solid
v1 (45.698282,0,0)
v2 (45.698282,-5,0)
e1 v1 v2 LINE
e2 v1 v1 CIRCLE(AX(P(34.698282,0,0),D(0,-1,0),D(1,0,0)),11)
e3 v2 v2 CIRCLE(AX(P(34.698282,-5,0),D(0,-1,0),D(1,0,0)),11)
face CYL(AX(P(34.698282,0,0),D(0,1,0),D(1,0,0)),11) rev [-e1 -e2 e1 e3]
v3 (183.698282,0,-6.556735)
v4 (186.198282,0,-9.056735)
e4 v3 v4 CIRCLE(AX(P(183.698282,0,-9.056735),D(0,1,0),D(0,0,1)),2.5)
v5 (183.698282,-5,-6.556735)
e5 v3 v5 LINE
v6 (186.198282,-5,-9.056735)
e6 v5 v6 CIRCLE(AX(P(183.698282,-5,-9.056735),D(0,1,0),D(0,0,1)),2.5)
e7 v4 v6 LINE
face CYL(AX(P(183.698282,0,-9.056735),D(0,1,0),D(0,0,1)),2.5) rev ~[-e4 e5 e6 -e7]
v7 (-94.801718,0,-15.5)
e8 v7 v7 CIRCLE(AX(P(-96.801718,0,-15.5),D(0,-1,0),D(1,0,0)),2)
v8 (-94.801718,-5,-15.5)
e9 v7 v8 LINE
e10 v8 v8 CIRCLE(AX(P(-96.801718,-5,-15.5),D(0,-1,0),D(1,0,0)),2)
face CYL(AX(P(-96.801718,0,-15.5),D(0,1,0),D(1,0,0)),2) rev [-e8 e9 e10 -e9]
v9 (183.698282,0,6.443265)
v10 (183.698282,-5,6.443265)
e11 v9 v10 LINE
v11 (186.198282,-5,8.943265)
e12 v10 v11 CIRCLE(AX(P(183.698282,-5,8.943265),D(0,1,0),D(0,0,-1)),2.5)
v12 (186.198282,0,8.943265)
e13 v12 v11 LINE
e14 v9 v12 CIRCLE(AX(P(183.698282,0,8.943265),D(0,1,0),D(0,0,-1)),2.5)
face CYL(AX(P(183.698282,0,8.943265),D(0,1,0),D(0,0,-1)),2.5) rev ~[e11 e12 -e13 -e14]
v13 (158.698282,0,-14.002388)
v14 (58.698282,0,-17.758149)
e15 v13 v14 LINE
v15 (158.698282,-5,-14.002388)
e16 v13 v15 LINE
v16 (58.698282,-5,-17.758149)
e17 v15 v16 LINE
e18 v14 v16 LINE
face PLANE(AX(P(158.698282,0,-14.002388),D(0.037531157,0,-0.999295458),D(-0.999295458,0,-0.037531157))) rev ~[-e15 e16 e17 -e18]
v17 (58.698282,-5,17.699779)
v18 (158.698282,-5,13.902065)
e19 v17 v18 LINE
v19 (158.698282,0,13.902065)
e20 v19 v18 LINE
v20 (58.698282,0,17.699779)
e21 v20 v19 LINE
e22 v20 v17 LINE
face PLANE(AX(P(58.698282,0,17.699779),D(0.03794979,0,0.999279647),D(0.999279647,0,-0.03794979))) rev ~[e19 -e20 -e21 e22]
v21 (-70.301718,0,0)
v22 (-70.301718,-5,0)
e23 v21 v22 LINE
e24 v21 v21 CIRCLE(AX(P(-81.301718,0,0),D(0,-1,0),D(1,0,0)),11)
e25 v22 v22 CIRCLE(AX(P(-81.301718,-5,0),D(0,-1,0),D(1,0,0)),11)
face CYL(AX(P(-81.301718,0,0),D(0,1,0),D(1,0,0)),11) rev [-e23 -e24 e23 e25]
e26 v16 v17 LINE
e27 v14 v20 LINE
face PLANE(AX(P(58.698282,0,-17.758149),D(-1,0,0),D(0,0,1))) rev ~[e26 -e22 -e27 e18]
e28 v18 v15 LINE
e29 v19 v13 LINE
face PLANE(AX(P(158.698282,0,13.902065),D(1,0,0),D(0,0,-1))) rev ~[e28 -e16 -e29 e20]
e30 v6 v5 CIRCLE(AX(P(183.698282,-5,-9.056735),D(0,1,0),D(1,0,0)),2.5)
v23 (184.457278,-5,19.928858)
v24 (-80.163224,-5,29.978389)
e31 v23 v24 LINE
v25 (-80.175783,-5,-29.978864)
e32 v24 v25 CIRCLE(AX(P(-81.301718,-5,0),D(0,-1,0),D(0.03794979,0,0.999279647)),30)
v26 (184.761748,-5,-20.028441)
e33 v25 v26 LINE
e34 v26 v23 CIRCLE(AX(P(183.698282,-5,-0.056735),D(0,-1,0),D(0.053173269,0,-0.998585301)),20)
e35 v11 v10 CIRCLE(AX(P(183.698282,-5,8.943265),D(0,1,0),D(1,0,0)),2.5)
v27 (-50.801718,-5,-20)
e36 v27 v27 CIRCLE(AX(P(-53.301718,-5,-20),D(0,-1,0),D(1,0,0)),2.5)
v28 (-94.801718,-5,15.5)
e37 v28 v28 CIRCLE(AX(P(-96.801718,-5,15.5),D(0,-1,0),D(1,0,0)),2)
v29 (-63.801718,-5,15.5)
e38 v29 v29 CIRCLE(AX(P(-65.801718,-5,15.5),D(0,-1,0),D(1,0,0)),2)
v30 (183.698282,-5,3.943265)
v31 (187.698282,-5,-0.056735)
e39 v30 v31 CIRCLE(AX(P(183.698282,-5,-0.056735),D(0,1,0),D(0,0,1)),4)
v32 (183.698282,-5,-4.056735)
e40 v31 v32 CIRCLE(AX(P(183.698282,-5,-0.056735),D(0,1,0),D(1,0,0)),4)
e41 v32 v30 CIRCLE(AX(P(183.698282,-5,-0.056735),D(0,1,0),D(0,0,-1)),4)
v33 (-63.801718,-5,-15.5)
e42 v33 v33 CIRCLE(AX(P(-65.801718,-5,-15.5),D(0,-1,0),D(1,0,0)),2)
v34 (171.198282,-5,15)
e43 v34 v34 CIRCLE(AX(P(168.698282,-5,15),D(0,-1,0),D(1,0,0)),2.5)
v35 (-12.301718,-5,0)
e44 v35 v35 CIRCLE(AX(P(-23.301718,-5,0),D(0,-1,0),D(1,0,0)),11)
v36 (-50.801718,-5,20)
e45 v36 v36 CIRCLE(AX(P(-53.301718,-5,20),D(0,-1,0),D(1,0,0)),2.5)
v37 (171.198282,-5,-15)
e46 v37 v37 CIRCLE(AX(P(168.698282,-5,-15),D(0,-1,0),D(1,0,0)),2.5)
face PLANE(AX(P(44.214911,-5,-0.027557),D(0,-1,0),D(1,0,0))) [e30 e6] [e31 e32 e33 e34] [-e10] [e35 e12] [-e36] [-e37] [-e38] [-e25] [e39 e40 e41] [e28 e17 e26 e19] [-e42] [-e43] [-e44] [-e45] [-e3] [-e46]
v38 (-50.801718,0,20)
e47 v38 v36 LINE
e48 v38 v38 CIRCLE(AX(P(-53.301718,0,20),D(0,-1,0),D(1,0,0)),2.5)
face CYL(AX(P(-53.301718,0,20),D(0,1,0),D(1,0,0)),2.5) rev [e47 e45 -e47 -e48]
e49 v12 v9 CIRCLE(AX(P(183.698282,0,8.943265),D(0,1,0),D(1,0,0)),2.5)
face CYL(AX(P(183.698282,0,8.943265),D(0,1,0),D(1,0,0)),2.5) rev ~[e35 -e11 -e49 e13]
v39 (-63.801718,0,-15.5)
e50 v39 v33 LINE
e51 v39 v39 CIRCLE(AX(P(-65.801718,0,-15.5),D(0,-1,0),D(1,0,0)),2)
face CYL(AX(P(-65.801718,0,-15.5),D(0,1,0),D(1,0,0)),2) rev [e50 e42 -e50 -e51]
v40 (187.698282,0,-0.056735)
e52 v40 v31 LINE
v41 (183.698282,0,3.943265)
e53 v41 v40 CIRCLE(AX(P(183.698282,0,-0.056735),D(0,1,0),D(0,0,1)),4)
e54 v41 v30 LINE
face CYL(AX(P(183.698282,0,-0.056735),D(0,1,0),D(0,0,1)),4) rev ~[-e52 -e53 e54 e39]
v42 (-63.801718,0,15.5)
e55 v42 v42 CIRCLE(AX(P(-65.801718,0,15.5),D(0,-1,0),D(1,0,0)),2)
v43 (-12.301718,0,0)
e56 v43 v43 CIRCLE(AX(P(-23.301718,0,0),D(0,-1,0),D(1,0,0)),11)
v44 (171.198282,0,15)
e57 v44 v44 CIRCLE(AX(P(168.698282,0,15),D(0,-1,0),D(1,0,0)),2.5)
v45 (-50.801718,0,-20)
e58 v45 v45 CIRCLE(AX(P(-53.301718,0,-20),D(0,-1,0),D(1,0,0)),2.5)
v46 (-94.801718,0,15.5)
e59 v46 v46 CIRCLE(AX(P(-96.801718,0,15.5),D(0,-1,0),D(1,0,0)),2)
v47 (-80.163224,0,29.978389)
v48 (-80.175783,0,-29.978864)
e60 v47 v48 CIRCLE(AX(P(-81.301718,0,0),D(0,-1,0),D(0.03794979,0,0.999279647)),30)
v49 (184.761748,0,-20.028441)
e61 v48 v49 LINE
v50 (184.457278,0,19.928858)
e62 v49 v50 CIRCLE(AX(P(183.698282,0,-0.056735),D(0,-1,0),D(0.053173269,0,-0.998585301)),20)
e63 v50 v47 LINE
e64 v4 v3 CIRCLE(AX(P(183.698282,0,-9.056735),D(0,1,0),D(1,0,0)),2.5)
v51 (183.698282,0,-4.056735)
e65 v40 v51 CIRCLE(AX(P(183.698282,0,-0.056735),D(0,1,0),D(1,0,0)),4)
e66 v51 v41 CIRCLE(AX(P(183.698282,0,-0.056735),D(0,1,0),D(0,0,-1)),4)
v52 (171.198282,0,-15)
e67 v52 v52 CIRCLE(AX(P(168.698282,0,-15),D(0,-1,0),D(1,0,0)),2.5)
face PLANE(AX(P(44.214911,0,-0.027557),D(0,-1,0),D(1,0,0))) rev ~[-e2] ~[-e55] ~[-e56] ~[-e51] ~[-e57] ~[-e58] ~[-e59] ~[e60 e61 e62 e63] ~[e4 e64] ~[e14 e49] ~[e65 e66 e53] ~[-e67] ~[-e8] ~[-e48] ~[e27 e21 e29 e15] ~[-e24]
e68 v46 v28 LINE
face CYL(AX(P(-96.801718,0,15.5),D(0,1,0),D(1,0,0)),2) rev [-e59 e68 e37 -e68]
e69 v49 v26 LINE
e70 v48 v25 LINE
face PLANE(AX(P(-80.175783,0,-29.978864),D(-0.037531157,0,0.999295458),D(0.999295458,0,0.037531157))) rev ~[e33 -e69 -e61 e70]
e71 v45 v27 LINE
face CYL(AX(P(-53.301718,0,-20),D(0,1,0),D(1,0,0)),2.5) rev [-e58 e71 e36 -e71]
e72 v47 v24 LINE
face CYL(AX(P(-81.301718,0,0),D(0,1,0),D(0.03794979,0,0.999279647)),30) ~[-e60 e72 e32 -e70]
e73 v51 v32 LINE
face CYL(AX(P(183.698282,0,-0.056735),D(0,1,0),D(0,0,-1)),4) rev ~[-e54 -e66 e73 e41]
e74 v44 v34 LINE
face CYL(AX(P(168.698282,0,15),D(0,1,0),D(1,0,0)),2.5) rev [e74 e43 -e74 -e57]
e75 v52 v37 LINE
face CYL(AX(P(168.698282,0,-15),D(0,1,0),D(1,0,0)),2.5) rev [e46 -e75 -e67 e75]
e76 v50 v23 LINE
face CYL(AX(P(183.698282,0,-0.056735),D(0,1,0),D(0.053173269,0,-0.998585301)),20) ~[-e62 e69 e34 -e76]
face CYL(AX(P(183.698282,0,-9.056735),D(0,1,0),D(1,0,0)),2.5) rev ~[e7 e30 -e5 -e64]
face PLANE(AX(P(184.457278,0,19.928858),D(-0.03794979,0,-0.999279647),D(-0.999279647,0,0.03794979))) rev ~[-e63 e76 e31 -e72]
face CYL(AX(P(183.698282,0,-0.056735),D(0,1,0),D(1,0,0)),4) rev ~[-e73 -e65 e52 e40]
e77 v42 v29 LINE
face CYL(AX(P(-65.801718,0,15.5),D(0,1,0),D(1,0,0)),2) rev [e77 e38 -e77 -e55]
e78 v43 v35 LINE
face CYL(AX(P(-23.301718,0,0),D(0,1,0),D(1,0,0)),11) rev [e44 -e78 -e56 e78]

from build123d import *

# Parameters (mm, degrees)
F0_R     = 2
F0_R_2   = 2.5
F0_R_3   = 11
F1_DEPTH = 5


with BuildPart() as f1:
    # F0 (on Front) → F1 (new body)
    with BuildSketch(Plane.XZ):
        with BuildLine():
            Line((184.4572780697, 19.9288576661), (-80.1632240281, 29.9783894177))
            ThreePointArc((-80.1632240281, 29.9783894177), (-111.3017170767, 0.0062839815), (-80.1757830374, -29.9788637386))
            Line((-80.1757830374, -29.9788637386), (184.7617476543, -20.0284412994))
            ThreePointArc((184.7617476543, -20.0284412994), (203.6977016657, 0.0956577775), (184.4572780697, 19.9288576661))
        make_face()
        with Locations((-96.8017177348, -15.5)):
            Circle(F0_R, mode=Mode.SUBTRACT)
        with Locations((-53.3017177348, -20)):
            Circle(F0_R_2, mode=Mode.SUBTRACT)
        with Locations((-65.8017177348, -15.5)):
            Circle(F0_R, mode=Mode.SUBTRACT)
        Polygon((58.6982822652, -17.7581494418), (58.6982822652, 17.6997794532), (158.6982822652, 13.9020647365), (158.6982822652, -14.0023876918), align=None, mode=Mode.SUBTRACT)
        with Locations((168.6982822652, -15)):
            Circle(F0_R_2, mode=Mode.SUBTRACT)
        with BuildLine():
            ThreePointArc((186.1982822652, -9.056735279), (181.9305153122, -10.824502232), (183.6982822652, -6.556735279))
            ThreePointArc((183.6982822652, -6.556735279), (185.4660492181, -7.288968326), (186.1982822652, -9.056735279))
        make_face(mode=Mode.SUBTRACT)
        with BuildLine():
            ThreePointArc((183.6982822652, 3.943264721), (186.5267093899, 2.7716918458), (187.6982822652, -0.056735279))
            ThreePointArc((187.6982822652, -0.056735279), (186.5267093899, -2.8851624037), (183.6982822652, -4.056735279))
            ThreePointArc((183.6982822652, -4.056735279), (179.6982822652, -0.056735279), (183.6982822652, 3.943264721))
        make_face(mode=Mode.SUBTRACT)
        with Locations((-81.3017177348, 0)):
            Circle(F0_R_3, mode=Mode.SUBTRACT)
        with Locations((-23.3017177348, 0)):
            Circle(F0_R_3, mode=Mode.SUBTRACT)
        with Locations((34.6982822652, 0)):
            Circle(F0_R_3, mode=Mode.SUBTRACT)
        with Locations((-96.8017177348, 15.5)):
            Circle(F0_R, mode=Mode.SUBTRACT)
        with Locations((-65.8017177348, 15.5)):
            Circle(F0_R, mode=Mode.SUBTRACT)
        with Locations((-53.3017177348, 20)):
            Circle(F0_R_2, mode=Mode.SUBTRACT)
        with BuildLine():
            ThreePointArc((186.1982822652, 8.943264721), (185.4660492181, 7.175497768), (183.6982822652, 6.443264721))
            ThreePointArc((183.6982822652, 6.443264721), (181.9305153122, 10.711031674), (186.1982822652, 8.943264721))
        make_face(mode=Mode.SUBTRACT)
        with Locations((168.6982822652, 15)):
            Circle(F0_R_2, mode=Mode.SUBTRACT)
    extrude(amount=F1_DEPTH)


solid = f1.part
